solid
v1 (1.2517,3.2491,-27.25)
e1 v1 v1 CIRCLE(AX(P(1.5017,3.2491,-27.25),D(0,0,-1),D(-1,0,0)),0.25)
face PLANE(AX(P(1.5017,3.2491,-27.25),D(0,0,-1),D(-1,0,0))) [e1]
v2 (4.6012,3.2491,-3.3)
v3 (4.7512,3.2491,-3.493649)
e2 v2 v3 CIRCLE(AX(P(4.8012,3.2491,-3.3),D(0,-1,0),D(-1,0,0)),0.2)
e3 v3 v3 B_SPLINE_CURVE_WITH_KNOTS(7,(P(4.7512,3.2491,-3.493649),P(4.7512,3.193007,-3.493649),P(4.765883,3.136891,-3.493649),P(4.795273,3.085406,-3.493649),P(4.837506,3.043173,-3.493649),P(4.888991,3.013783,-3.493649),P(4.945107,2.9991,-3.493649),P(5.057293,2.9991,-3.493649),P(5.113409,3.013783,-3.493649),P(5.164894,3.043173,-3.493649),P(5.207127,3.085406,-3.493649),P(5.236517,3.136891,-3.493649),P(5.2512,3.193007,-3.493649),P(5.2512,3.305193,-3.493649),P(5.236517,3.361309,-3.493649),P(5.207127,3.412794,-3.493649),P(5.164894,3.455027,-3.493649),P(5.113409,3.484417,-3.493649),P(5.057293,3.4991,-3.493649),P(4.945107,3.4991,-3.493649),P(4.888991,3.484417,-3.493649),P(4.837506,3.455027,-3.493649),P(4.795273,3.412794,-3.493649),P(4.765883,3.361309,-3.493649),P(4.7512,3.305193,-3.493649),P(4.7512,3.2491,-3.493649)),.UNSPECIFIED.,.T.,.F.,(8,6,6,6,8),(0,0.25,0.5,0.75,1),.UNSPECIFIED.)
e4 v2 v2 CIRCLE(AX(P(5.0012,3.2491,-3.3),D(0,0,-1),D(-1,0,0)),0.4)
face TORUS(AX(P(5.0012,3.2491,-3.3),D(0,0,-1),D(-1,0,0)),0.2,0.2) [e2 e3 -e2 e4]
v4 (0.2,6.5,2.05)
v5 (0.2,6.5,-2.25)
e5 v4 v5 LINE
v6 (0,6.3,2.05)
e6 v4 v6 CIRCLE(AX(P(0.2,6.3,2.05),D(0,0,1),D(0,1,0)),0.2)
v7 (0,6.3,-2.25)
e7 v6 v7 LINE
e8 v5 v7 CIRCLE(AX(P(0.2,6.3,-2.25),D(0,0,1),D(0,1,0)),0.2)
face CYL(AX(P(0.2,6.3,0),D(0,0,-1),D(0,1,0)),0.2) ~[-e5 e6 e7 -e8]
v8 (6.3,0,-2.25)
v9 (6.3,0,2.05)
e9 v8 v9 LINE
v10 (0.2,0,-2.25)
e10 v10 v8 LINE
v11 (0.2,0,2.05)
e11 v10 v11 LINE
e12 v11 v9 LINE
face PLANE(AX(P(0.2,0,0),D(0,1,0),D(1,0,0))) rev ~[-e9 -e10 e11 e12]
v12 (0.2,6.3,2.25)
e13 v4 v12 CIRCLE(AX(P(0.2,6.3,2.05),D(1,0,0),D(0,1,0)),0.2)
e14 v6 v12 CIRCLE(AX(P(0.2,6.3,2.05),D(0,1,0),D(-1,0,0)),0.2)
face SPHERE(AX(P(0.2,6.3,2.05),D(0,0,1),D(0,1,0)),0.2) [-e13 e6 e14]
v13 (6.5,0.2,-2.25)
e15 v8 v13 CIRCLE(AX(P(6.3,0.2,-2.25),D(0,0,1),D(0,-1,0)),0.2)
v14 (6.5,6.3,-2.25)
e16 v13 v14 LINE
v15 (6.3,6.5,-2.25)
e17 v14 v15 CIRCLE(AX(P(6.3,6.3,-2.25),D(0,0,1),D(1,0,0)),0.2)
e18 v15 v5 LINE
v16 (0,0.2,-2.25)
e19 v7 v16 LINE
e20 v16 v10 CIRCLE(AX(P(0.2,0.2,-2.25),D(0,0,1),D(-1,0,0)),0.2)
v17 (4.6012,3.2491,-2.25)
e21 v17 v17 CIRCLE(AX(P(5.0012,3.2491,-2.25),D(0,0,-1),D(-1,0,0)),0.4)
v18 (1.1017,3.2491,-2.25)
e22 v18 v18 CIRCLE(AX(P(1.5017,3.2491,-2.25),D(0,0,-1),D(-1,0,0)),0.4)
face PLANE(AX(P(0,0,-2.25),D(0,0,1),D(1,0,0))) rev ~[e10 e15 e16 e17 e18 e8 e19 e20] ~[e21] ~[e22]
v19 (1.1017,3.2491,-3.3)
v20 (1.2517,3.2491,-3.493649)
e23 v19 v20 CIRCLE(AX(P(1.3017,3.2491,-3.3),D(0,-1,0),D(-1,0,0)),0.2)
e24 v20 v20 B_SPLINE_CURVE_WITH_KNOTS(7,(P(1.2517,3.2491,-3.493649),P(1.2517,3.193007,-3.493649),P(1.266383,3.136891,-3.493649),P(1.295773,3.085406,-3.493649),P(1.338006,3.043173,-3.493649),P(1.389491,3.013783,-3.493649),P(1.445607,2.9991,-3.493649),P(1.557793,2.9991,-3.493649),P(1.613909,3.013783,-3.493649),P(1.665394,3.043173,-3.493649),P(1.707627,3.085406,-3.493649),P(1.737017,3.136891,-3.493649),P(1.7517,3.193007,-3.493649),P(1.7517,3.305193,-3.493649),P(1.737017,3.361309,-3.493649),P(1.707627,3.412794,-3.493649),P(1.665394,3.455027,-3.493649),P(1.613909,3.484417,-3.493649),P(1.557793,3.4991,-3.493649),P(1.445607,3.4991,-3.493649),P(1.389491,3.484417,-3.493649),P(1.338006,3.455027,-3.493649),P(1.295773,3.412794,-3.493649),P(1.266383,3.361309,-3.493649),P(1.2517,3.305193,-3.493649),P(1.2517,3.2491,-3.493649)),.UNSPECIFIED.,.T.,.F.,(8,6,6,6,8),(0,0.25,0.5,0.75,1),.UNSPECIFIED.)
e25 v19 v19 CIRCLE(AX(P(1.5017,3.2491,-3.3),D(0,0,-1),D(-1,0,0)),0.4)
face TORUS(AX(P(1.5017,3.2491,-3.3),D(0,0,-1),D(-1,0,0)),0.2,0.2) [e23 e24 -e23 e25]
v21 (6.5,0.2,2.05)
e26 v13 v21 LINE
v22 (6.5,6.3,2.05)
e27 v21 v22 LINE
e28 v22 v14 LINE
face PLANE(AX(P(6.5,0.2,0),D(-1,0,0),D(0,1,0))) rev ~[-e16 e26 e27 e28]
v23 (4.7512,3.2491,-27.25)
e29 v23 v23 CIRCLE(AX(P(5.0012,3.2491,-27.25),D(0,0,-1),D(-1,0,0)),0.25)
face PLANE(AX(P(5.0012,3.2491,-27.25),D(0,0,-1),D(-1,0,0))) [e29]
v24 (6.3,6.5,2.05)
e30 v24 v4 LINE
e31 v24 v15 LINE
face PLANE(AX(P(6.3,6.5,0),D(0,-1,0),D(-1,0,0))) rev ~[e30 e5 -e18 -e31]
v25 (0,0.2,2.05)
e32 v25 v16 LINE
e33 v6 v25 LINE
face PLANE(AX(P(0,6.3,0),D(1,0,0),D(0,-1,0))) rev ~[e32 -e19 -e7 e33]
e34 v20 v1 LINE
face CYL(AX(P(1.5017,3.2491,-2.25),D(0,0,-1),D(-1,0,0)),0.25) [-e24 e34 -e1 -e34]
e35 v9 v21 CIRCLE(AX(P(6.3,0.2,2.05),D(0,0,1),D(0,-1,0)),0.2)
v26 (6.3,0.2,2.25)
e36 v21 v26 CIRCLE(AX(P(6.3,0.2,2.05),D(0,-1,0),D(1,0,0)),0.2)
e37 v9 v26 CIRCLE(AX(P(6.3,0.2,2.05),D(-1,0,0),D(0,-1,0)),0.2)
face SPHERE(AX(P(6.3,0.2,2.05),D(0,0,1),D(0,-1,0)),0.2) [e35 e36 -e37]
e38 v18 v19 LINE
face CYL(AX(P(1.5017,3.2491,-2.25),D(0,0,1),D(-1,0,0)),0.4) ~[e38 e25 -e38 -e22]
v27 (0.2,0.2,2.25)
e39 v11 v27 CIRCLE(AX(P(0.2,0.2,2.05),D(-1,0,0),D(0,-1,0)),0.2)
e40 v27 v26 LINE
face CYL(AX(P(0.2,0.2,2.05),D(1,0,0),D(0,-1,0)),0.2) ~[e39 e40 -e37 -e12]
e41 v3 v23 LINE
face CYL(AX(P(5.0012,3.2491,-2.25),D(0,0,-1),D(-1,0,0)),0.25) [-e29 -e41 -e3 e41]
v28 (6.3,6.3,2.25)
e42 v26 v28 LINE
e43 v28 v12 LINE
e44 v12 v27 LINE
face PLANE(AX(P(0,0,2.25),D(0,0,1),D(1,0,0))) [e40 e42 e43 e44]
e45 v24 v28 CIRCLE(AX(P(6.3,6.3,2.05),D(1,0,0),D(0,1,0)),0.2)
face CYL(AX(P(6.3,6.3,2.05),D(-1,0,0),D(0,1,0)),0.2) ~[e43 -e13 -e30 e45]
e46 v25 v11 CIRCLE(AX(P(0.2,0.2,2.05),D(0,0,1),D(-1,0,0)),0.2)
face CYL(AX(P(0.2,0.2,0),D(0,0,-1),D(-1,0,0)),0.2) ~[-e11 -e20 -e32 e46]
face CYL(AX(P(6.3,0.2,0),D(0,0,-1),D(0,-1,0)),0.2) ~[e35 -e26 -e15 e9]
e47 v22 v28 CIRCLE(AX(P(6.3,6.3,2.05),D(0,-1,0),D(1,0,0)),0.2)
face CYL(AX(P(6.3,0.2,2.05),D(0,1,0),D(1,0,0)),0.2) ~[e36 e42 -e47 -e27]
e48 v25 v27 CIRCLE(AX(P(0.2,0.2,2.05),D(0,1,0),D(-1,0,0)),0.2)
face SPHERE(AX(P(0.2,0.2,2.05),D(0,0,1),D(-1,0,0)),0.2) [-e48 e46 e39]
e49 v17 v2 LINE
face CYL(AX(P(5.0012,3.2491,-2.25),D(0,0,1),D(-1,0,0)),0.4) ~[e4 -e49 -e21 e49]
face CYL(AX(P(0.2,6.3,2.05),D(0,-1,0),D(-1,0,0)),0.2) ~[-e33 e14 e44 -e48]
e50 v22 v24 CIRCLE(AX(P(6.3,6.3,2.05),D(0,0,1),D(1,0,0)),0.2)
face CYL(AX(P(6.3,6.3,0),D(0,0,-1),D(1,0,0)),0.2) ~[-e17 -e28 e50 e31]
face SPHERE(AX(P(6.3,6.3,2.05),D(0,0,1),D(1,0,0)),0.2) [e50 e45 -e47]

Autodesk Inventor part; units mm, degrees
sketch "Sketch1" plane through (0, 0, 0) normal (0, 0, 1) x (1, 0, 0)
  line L0 (0.2, 0) -> (6.3, 0)
  line L1 (6.5, 0.2) -> (6.5, 6.3)
  line L2 (6.3, 6.5) -> (0.2, 6.5)
  line L3 (0, 6.3) -> (0, 0.2)
  arc A0 (0.2, 6.5) -> (0, 6.3) centre (0.2, 6.3) ccw
  arc A1 (6.5, 6.3) -> (6.3, 6.5) centre (6.3, 6.3) ccw
  arc A2 (6.3, 0) -> (6.5, 0.2) centre (6.3, 0.2) ccw
  arc A3 (0, 0.2) -> (0.2, 0) centre (0.2, 0.2) ccw
  point P0 (0, 0)
  point P1 (6.5, 6.5)
  point P2 (6.5, 0)
  point P3 (0, 6.5)
  dimension "d0" = 6.5
  dimension "d1" = 6.5
  dimension "d2" = 0.2
extrude "Extrusion1" add sketch "Sketch1" along normal mid plane 4.5
fillet "Fillet1" radius 0.2 8 edges at (0.0586, 0.0586, 2.25) (3.25, 0, 2.25) (6.4414, 0.0586, 2.25) (6.5, 3.25, 2.25) (6.4414, 6.4414, 2.25) (3.25, 6.5, 2.25) (0.0586, 6.4414, 2.25) (0, 3.25, 2.25)
ref_plane "Work Plane1" through (0.2, 3.25, -2.25) normal (0, 1, 0) x (1, 0, 0)
sketch "Sketch2" plane through (0.2, 3.25, -2.25) normal (0, 1, 0) x (1, 0, 0)
  line L0 (1.3, 0) -> (1.3, 25)
  line L1 (4.8, 0) -> (4.8, 25)
  point P0 (-0.2, -2.25)
  point P1 (-0.2, 0)
  point P2 (6.3, 0)
  dimension "d6" = 1.5
  dimension "d7" = 1.5
  dimension "d8" = 25
  dimension "d9" = 25
sketch "Sketch3" plane through (0, 0, -2.25) normal (0, 0, -1) x (-1, 0, 0)
  circle A0 centre (-1.5017, 3.2491) radius 0.4
  circle A1 centre (-5.0012, 3.2491) radius 0.4
  point P0 (0, 0)
  dimension "d10" = 0.8
  dimension "d11" = 0.8
extrude "Extrusion2" add sketch "Sketch3" along normal blind 1.25 contours A0
extrude "Extrusion3" add sketch "Sketch3" along normal blind 1.25 contours A1
fillet "Fillet2" radius 0.2 2 edges at (1.9017, 3.2491, -3.5) (5.4012, 3.2491, -3.5)
ref_plane "Work Plane2" through (1.5017, 3.2491, -3.5) normal (0, 0, -1) x (-1, 0, 0)
ref_plane "Work Plane3" through (5.0012, 3.2491, -3.5) normal (0, 0, -1) x (-1, 0, 0)
sketch "Sketch4" plane through (1.5017, 3.2491, -3.5) normal (0, 0, -1) x (-1, 0, 0)
  circle A0 centre (0, 0) radius 0.25
  point P0 (1.5017, -3.2491)
  dimension "d19" = 0.5
sketch "Sketch5" plane through (5.0012, 3.2491, -3.5) normal (0, 0, -1) x (-1, 0, 0)
  circle A0 centre (0, 0) radius 0.25
  point P0 (5.0012, -3.2491)
  dimension "d20" = 0.5
sweep "Sweep1" add profiles "Sketch4" path "Sketch2" path curves L0
sweep "Sweep2" add profiles "Sketch5" path "Sketch2" path curves L1
equation "\"BendRadius\" = Thickness"
equation "\"BendReliefWidth\" = Thickness"
equation "\"BendReliefDepth\" = 0.5 * Thickness"
equation "\"CornerReliefSize\" = 4 * Thickness"
equation "\"MinimumRemnant\" = 2 * Thickness"
equation "\"TransitionRadius\" = BendRadius"
equation "\"JacobiRadiusSize\" = BendRadius"
equation "\"GapSize\" = Thickness"
equation "\"Thickness\" = 3.048"
properties part number "KM6A-H90"
